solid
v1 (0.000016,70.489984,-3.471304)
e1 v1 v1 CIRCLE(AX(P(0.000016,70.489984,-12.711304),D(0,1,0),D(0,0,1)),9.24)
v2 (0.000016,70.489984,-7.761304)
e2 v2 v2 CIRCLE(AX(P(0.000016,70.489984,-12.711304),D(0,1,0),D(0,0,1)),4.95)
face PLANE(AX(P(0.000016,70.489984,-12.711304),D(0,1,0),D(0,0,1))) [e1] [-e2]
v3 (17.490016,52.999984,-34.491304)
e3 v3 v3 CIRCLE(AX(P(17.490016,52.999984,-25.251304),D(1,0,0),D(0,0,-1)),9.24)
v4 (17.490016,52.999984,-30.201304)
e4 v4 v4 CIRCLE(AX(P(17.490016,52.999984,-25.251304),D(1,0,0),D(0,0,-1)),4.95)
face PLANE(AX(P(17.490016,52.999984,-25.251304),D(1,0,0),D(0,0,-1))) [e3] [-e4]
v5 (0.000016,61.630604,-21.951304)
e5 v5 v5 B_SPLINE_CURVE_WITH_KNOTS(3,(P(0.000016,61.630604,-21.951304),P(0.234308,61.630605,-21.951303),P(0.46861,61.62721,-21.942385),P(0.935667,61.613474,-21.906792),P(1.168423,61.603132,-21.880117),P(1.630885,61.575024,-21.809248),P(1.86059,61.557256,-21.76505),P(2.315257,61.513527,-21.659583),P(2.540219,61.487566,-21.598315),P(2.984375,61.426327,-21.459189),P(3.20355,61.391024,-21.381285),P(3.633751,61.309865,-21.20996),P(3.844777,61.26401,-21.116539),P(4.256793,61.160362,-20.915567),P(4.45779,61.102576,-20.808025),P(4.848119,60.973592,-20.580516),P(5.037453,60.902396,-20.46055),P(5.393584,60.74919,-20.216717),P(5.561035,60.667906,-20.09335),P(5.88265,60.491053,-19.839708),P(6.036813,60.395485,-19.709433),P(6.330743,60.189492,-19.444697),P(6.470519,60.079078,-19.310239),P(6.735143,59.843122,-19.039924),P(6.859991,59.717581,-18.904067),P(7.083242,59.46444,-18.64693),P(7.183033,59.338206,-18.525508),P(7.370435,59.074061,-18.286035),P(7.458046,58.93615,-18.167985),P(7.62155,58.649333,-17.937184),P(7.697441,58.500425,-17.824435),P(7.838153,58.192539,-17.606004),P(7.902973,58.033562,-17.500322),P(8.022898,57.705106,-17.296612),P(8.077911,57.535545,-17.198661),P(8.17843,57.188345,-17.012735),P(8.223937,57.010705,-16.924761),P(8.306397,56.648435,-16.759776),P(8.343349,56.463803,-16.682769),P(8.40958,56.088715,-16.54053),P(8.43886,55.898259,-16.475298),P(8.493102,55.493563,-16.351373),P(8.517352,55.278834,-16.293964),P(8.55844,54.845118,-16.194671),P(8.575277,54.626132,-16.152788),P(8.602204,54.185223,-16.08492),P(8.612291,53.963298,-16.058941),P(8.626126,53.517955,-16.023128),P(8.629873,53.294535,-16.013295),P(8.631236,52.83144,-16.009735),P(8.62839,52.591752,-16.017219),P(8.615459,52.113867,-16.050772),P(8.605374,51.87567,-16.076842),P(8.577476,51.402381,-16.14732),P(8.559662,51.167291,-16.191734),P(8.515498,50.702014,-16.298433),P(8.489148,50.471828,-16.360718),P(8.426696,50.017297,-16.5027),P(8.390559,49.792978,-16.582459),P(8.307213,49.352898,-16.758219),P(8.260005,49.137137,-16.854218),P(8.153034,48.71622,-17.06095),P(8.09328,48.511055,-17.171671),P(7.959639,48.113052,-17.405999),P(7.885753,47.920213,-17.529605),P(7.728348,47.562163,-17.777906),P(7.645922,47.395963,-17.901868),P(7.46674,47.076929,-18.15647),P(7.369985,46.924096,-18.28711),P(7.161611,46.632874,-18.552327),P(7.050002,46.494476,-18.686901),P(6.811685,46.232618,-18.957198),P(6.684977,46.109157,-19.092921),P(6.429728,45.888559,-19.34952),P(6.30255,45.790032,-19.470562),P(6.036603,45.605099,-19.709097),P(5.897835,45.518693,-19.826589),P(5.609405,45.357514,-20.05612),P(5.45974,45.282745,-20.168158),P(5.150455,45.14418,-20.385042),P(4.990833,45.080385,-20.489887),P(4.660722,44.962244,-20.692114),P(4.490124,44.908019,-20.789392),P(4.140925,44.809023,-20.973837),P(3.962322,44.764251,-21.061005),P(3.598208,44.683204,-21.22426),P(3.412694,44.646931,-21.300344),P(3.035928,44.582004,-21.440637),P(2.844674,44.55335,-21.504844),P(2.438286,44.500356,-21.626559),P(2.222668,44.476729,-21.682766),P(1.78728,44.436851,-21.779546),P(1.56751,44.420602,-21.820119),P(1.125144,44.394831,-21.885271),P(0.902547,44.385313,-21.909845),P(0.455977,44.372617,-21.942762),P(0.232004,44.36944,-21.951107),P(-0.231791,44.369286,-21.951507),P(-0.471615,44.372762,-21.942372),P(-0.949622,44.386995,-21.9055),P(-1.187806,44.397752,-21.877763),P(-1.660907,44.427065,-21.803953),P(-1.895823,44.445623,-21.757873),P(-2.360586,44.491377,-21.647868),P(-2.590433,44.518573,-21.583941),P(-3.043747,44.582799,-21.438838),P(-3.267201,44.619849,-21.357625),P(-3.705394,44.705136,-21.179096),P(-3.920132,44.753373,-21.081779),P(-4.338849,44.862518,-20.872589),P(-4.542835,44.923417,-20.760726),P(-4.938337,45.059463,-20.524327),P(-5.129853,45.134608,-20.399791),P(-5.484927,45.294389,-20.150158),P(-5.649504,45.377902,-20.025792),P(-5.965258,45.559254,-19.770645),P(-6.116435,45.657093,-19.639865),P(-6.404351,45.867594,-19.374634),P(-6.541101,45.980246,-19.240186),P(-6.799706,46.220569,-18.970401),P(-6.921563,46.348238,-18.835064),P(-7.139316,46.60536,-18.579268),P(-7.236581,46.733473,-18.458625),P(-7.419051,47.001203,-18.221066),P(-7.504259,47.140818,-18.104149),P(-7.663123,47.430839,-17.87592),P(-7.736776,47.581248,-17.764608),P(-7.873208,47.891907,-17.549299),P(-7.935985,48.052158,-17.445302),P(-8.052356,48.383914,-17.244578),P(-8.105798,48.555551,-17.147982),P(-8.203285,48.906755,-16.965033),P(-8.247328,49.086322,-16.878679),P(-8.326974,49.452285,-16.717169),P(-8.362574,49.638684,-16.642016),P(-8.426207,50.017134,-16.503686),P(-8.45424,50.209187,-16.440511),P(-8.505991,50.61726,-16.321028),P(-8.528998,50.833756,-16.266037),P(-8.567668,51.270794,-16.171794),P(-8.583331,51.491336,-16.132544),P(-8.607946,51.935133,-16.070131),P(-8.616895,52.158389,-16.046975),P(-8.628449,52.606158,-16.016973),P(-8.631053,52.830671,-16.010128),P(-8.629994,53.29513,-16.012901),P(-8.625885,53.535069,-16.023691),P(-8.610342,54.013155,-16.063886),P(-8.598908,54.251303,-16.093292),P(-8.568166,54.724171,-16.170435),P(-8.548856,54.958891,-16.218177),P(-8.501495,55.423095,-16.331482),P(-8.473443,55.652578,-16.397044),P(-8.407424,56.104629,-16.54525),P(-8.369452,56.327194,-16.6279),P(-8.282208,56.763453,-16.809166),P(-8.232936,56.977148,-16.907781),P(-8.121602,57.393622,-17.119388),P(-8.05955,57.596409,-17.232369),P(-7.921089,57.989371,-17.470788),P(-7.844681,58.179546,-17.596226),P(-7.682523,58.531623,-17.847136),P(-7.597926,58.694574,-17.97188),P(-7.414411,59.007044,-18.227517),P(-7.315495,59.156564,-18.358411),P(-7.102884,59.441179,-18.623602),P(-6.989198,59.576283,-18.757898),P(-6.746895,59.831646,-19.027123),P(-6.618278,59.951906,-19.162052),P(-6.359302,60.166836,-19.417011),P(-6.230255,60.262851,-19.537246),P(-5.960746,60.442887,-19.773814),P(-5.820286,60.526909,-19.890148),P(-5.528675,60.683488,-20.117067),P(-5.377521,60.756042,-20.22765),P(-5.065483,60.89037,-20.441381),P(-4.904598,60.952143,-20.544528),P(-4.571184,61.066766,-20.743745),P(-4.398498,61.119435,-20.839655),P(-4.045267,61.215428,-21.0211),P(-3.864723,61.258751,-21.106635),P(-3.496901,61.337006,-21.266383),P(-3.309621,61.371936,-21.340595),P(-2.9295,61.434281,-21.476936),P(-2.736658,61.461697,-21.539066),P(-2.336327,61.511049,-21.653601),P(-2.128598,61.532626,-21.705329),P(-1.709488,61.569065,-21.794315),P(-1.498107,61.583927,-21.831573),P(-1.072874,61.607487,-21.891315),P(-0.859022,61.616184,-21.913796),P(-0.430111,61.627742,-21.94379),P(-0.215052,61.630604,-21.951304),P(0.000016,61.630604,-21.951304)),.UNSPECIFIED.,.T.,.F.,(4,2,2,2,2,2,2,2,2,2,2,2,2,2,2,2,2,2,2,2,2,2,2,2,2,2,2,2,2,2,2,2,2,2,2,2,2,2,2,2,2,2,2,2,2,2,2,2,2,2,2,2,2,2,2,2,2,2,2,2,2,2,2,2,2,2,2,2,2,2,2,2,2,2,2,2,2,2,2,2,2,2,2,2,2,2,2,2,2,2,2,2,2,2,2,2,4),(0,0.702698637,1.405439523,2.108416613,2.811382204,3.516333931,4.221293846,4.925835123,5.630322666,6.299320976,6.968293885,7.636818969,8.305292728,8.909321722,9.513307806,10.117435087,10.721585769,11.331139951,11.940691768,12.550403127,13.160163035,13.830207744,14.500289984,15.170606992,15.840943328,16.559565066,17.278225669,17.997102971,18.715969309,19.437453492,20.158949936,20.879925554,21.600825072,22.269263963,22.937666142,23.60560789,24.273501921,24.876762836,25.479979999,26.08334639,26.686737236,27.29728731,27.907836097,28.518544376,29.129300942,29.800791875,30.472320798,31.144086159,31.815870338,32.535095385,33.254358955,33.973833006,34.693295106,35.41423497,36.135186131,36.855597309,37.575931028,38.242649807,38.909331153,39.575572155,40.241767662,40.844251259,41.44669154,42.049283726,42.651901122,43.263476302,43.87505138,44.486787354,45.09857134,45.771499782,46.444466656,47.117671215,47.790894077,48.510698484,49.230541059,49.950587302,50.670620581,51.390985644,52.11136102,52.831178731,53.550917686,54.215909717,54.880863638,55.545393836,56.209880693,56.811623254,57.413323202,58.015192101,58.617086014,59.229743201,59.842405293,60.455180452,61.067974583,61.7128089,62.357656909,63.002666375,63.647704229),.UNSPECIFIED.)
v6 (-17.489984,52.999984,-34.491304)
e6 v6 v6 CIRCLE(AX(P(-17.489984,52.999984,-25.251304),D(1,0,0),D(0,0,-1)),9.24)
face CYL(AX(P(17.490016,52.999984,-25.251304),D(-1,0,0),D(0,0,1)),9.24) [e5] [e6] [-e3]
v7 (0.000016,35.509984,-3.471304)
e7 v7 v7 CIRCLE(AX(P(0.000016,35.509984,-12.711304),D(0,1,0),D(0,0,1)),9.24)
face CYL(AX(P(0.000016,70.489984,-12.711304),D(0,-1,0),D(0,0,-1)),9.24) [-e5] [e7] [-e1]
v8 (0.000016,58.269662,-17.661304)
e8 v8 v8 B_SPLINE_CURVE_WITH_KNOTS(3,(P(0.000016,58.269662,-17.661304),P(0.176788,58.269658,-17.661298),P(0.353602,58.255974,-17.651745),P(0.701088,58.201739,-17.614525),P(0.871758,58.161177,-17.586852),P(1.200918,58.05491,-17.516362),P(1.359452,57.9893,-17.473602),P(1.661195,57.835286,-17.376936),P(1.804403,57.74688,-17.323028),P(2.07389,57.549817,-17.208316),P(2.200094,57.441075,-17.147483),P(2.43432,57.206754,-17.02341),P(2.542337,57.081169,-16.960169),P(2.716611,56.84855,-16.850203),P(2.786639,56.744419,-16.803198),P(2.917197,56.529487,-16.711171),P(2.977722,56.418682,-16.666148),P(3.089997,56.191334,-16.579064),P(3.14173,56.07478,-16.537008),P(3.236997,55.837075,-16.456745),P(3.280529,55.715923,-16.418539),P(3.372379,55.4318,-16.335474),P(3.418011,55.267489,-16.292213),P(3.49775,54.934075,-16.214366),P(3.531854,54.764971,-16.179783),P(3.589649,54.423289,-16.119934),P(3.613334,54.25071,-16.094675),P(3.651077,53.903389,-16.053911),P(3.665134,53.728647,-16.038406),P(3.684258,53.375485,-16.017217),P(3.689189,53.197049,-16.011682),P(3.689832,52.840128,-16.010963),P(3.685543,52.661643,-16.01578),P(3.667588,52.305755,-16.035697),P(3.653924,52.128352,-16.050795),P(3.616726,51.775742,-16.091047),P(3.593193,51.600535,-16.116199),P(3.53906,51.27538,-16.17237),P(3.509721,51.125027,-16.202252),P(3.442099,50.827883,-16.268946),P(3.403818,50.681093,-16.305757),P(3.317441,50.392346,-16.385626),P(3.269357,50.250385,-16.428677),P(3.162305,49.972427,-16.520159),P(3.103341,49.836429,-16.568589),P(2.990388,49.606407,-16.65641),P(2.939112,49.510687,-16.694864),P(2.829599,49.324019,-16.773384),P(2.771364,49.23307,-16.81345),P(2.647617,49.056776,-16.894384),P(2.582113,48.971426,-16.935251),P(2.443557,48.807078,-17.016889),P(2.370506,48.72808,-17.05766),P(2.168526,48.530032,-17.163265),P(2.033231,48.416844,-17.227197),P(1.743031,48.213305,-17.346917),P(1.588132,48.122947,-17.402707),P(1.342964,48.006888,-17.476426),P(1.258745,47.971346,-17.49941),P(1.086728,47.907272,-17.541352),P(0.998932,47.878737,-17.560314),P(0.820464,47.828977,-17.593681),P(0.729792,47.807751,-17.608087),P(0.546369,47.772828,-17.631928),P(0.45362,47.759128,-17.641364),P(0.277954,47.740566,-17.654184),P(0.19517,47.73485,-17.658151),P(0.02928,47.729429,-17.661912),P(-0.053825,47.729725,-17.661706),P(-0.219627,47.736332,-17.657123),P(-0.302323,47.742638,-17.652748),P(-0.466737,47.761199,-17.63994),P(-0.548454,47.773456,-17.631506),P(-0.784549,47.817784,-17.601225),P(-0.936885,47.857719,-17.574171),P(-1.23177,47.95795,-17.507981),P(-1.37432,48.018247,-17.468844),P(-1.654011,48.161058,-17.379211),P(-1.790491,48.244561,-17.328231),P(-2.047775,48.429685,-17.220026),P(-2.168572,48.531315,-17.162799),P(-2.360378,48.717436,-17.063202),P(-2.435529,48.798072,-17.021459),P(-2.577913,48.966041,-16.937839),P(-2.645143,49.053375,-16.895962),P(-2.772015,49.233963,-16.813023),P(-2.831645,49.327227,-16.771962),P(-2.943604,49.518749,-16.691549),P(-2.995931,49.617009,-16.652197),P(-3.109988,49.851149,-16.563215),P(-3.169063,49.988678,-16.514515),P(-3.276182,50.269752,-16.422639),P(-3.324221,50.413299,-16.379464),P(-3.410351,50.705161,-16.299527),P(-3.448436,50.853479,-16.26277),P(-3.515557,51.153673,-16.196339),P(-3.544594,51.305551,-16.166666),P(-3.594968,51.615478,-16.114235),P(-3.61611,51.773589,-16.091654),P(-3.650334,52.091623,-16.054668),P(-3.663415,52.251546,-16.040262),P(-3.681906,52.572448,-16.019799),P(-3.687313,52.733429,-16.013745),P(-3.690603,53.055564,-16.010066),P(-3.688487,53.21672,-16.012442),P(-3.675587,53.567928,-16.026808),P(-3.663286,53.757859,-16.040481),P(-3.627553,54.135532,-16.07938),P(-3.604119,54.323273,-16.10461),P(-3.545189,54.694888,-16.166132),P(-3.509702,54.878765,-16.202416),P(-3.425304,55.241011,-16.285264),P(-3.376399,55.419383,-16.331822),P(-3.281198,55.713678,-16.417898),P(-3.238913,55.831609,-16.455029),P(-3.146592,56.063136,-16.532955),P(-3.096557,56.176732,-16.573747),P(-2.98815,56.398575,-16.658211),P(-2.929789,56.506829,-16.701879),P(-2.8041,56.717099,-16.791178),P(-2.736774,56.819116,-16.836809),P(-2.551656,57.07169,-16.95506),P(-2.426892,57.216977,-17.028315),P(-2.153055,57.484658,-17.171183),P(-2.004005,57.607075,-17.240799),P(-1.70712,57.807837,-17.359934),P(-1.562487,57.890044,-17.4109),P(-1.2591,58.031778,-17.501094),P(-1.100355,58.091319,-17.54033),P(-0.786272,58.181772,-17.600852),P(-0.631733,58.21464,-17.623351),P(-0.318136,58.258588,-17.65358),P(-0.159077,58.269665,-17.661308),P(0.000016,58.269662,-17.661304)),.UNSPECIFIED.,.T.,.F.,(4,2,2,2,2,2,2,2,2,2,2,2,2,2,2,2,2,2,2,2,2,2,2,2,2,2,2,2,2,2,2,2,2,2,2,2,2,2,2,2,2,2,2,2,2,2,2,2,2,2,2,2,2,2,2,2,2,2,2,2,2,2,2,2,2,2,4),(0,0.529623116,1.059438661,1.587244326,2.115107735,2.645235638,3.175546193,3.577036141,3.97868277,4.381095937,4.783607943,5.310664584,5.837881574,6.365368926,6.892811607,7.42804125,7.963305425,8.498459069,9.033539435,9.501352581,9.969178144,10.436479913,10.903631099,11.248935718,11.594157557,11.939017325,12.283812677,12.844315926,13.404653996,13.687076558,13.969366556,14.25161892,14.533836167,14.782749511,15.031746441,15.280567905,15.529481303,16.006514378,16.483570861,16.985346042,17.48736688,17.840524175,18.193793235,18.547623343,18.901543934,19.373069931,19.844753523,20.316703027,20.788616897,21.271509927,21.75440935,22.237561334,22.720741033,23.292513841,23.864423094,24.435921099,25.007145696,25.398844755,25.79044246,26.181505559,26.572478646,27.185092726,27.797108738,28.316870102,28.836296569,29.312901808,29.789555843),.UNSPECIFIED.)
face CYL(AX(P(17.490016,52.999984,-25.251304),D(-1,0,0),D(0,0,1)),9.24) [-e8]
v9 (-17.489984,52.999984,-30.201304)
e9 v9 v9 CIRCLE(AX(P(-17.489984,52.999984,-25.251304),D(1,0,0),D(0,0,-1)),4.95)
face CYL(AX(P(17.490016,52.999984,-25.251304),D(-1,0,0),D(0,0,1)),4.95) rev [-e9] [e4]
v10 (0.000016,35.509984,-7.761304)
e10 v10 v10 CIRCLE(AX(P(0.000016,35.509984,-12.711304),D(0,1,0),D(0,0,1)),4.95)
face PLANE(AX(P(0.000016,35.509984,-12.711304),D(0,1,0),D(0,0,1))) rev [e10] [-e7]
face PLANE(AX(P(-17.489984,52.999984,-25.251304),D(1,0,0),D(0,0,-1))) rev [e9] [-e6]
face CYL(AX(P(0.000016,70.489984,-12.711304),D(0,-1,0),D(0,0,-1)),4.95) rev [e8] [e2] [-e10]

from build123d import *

# Parameters (mm, degrees)
SKETCH1_R           = 28
SKETCH1_R_2         = 15
BOSS_EXTRUDE1_DEPTH = 106
SKETCH4_R           = 28
SKETCH4_R_2         = 15
BOSS_EXTRUDE2_DEPTH = 53
CUT_EXTRUDE2_START  = -106
SKETCH5_R           = 15
CUT_EXTRUDE2_DEPTH  = 106
SCALE1_SCALE        = 0.33


with BuildPart() as part:
    # Sketch1 → Boss-Extrude1 (new body)
    with BuildSketch(Plane(origin=(0, 0, 0), x_dir=(1, 0, 0), z_dir=(0, 1, 0))):
        with Locations(Location((0, 0, 0), (0, 0, 270))):
            Circle(SKETCH1_R)
        with Locations(Location((0, 0, 0), (0, 0, 270))):
            Circle(SKETCH1_R_2, mode=Mode.SUBTRACT)
    extrude(amount=BOSS_EXTRUDE1_DEPTH)

    # Sketch4 → Boss-Extrude2 (add, symmetric)
    with BuildSketch(Plane(origin=(0, 0, 0), x_dir=(0, 0, -1), z_dir=(1, 0, 0))):
        with Locations((38, 53)):
            Circle(SKETCH4_R)
        with Locations((38, 53)):
            Circle(SKETCH4_R_2, mode=Mode.SUBTRACT)
    extrude(amount=BOSS_EXTRUDE2_DEPTH, both=True)

    # Sketch5 → Cut-Extrude2 (cut)
    with BuildSketch(Plane(origin=(53, 0, 0), x_dir=(0, 0, -1), z_dir=(1, 0, 0)).offset(CUT_EXTRUDE2_START)):
        with Locations((38, 53)):
            Circle(SKETCH5_R)
    extrude(amount=CUT_EXTRUDE2_DEPTH, mode=Mode.SUBTRACT)


with BuildPart() as part_1:
    # Scale1: scaled about (-6.4e-07, 52.999995481, -18.972102588)
    add(part.part.scale(SCALE1_SCALE).moved(Location((-4.29e-07, 35.509996972, -12.711308734))))


solid = part_1.part
